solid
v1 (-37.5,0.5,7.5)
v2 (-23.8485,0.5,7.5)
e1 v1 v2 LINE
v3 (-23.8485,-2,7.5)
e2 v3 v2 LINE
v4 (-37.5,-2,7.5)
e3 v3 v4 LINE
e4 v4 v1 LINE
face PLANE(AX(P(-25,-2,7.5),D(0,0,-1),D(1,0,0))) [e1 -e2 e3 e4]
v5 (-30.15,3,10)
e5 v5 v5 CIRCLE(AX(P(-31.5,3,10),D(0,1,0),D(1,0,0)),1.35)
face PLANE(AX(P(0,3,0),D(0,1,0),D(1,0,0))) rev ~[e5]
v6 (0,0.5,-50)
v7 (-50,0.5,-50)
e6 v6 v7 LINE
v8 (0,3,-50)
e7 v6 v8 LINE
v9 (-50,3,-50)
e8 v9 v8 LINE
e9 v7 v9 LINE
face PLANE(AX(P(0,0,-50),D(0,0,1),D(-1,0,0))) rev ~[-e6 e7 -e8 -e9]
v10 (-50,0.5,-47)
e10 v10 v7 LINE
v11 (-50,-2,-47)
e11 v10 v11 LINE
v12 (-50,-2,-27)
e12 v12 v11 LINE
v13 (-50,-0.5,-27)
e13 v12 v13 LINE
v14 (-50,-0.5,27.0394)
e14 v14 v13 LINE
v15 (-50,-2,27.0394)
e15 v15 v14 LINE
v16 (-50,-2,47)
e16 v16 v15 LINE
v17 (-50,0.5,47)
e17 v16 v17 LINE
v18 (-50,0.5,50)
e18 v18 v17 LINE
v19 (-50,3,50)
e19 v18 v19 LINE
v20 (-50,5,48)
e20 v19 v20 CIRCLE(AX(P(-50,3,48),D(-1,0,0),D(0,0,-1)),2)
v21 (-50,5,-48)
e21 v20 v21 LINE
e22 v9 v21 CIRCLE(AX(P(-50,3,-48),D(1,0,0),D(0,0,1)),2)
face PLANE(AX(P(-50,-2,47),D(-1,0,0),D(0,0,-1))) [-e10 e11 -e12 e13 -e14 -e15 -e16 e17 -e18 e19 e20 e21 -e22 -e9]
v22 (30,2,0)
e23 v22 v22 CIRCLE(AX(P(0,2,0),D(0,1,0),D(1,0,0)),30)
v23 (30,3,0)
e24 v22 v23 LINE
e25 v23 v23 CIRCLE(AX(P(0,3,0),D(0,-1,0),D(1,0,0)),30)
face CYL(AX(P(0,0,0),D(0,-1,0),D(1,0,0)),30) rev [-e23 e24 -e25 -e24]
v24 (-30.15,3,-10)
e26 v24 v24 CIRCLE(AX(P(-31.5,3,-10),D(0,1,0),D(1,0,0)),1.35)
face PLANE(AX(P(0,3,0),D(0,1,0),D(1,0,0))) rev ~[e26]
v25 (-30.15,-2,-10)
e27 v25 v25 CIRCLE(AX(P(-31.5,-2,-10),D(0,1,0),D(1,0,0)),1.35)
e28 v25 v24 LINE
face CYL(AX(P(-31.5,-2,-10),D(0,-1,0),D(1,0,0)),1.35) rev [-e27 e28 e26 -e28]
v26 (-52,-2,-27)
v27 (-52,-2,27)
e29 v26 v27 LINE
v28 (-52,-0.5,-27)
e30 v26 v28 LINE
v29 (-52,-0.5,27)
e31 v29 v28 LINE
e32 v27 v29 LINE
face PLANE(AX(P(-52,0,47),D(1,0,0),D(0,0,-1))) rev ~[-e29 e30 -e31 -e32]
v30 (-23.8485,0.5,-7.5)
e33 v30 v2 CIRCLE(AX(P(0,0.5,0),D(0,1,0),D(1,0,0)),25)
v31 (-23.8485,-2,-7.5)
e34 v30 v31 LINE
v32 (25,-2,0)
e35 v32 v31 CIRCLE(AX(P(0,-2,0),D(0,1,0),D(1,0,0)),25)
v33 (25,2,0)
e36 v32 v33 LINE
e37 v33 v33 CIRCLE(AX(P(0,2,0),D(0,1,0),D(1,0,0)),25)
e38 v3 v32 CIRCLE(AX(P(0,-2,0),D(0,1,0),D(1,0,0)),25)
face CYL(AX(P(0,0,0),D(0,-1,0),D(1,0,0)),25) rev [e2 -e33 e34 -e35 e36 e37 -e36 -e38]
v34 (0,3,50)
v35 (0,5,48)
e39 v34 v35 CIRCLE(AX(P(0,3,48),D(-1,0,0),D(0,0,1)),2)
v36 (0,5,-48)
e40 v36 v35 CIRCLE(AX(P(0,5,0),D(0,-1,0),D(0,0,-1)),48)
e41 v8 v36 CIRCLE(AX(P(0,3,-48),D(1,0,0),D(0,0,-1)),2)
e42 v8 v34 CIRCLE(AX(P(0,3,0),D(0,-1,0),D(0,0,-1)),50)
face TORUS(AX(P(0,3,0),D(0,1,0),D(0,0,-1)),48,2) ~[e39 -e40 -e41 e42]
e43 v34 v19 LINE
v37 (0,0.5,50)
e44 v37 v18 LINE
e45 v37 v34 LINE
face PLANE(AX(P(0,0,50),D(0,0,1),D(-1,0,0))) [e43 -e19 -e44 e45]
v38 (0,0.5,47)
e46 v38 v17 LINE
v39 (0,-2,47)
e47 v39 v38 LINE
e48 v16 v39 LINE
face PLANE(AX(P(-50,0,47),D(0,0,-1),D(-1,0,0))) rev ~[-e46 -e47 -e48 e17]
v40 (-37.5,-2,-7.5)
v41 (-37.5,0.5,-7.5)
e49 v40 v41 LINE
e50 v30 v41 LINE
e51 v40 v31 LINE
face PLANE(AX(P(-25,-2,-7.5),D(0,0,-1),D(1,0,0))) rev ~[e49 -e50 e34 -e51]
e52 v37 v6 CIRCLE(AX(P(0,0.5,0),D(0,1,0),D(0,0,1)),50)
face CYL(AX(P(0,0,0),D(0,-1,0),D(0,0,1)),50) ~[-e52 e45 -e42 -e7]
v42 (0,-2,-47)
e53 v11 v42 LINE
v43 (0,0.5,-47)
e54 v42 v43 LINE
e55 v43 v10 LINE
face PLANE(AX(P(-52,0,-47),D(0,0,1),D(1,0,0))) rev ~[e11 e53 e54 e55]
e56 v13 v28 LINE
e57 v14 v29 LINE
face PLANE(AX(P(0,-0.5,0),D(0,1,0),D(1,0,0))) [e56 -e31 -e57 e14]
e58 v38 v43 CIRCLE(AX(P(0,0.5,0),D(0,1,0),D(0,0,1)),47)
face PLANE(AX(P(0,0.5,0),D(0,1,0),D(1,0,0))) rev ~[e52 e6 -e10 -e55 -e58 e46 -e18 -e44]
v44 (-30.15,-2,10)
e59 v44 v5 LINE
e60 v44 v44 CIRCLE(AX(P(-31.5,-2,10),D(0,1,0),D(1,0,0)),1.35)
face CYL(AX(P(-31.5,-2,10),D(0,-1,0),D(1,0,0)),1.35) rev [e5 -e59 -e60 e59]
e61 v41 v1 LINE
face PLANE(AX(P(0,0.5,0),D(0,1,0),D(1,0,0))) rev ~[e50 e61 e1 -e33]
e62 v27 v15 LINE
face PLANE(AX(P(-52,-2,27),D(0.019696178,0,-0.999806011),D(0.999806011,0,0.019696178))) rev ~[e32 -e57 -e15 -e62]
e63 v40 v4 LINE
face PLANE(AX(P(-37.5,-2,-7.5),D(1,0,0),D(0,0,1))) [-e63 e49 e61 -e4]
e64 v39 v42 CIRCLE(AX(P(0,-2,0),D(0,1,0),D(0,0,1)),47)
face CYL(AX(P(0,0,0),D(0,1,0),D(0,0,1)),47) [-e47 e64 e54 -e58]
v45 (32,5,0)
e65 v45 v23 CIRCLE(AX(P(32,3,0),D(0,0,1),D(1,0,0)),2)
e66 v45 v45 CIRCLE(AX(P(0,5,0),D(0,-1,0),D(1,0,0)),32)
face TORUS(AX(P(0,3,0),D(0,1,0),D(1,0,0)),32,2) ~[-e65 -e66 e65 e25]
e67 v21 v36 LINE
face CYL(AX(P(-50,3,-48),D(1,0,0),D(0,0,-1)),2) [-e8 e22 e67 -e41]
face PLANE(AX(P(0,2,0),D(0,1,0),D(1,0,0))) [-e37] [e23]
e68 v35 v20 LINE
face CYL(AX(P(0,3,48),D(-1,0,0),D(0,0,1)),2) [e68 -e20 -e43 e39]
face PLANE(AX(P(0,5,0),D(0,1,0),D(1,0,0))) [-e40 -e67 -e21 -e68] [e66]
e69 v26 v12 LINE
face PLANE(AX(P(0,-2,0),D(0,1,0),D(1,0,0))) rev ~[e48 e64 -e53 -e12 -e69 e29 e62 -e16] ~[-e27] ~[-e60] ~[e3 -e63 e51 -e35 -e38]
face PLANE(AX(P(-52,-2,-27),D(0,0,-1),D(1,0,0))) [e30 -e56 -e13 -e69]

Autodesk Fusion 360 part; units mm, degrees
sketch "スケッチ1" plane through (0, 0, 0) normal (0, 1, 0) x (1, 0, 0)
  line L0 (84.9076, 0) -> (-96.0768, 0) construction
  line L1 (0, -64.1732) -> (0, 68.3912) construction
  line L2 (0, -50) -> (-50, -50)
  line L3 (-50, -50) -> (-50, 50)
  line L4 (0, 50) -> (-50, 50)
  circle A0 centre (0, 0) radius 25
  arc A1 (0, -50) -> (0, 50) centre (0, 0) ccw
  line L5 (0, -47) -> (-50, -47)
  line L6 (0, 47) -> (-50, 47)
  arc A2 (0, -47) -> (0, 47) centre (0, 0) ccw
  circle A3 centre (0, 0) radius 30
  line L7 (-50, -47) -> (-52, -47)
  line L8 (-52, -47) -> (-52, 47)
  line L9 (-52, 47) -> (-50, 47)
  line L10 (-50, 47) -> (-50, -47)
  line L11 (-31.5, 57.8245) -> (-31.5, -58.1462) construction
  line L12 (-37.5, -7.5) -> (-25, -7.5)
  line L13 (-25, 7.5) -> (-37.5, 7.5)
  line L14 (-37.5, 7.5) -> (-37.5, -7.5)
  line L15 (-25, -7.5) -> (-23.8485, -7.5)
  line L16 (-25, 7.5) -> (-23.8485, 7.5)
  line L17 (-32.1391, -10) -> (-28.2843, -10) construction
  line L18 (-32.1391, 10) -> (-28.2843, 10) construction
  circle A4 centre (-31.5, -10) radius 1.35
  circle A5 centre (-31.5, 10) radius 1.35
  line L19 (-52, -27) -> (-50, -27.0394)
  line L20 (-52, 27) -> (-50, 27)
  dimension "d1" = 100
  dimension "d2" = 50
  dimension "d3" = 50
  dimension "d4" = 94
  dimension "d5" = 60
  dimension "d17" = 2
  dimension "d18" = 31.5
  dimension "d20" = 15
  dimension "d21" = 7.5
  dimension "d22" = 6
  dimension "d23" = 20
  dimension "d24" = 10
  dimension "d25" = 2.7
  dimension "d26" = 2.7
  dimension "d36" = 20
  dimension "d37" = 20
extrude "押し出し1" add sketch "スケッチ1" along normal blind 5 contours L2 L3 L4 A1 L5 L6 A2 | L3 L5 L6 A2 L10 | A3 L12 L13 L14 | A4 | A5
fillet "フィレット1" radius 2 3 edges at (-25, 5, 50) (50, 5, 0) (-25, 5, -50)
fillet "フィレット2" radius 2 1 edges at (-27.9698, 5, -10.8485)
extrude "押し出し3" add sketch "スケッチ1" against normal blind 2 contours L3 L7 L8 L10 L19 | L3 L5 L6 A2 L10 | L3 L8 L10 L19 L20 | L3 L8 L9 L10 L20 | A0 A3 L12 L13 L15 L16 | A0 A3 L12 L13 L15 L16 | A3 L12 L13 L14 | A4 | A5
extrude "押し出し7" add sketch "スケッチ1" along normal blind 2 contours A0 A3 L12 L13 L15 L16 | A0 A3 L12 L13 L15 L16
extrude "押し出し8" cut 1 faces at (-33.3333, 0, -49) along direction (0, 1, 0) blind 0.5
extrude "押し出し9" cut 1 faces at (-50.6667, 0, 15.6667) along direction (0, -1, 0) blind 0.5
extrude "押し出し4" cut sketch "スケッチ1" along normal blind 2.5 from surface at -2 contours A0 A3 L12 L13 L15 L16 | A3 L12 L13 L14 picked at (-28.2382, -1.7675)
extrude "押し出し5" add sketch "スケッチ1" along normal blind 3 from surface at -2 contours A4 | A5
extrude "押し出し6" cut sketch "スケッチ1" along normal blind 5 from surface at -2 contours L3 L7 L8 L10 L19 | L3 L8 L9 L10 L20 | A4 | A5
equation "d21 = d20 / 2"
equation "d24 = d23 / 2"
